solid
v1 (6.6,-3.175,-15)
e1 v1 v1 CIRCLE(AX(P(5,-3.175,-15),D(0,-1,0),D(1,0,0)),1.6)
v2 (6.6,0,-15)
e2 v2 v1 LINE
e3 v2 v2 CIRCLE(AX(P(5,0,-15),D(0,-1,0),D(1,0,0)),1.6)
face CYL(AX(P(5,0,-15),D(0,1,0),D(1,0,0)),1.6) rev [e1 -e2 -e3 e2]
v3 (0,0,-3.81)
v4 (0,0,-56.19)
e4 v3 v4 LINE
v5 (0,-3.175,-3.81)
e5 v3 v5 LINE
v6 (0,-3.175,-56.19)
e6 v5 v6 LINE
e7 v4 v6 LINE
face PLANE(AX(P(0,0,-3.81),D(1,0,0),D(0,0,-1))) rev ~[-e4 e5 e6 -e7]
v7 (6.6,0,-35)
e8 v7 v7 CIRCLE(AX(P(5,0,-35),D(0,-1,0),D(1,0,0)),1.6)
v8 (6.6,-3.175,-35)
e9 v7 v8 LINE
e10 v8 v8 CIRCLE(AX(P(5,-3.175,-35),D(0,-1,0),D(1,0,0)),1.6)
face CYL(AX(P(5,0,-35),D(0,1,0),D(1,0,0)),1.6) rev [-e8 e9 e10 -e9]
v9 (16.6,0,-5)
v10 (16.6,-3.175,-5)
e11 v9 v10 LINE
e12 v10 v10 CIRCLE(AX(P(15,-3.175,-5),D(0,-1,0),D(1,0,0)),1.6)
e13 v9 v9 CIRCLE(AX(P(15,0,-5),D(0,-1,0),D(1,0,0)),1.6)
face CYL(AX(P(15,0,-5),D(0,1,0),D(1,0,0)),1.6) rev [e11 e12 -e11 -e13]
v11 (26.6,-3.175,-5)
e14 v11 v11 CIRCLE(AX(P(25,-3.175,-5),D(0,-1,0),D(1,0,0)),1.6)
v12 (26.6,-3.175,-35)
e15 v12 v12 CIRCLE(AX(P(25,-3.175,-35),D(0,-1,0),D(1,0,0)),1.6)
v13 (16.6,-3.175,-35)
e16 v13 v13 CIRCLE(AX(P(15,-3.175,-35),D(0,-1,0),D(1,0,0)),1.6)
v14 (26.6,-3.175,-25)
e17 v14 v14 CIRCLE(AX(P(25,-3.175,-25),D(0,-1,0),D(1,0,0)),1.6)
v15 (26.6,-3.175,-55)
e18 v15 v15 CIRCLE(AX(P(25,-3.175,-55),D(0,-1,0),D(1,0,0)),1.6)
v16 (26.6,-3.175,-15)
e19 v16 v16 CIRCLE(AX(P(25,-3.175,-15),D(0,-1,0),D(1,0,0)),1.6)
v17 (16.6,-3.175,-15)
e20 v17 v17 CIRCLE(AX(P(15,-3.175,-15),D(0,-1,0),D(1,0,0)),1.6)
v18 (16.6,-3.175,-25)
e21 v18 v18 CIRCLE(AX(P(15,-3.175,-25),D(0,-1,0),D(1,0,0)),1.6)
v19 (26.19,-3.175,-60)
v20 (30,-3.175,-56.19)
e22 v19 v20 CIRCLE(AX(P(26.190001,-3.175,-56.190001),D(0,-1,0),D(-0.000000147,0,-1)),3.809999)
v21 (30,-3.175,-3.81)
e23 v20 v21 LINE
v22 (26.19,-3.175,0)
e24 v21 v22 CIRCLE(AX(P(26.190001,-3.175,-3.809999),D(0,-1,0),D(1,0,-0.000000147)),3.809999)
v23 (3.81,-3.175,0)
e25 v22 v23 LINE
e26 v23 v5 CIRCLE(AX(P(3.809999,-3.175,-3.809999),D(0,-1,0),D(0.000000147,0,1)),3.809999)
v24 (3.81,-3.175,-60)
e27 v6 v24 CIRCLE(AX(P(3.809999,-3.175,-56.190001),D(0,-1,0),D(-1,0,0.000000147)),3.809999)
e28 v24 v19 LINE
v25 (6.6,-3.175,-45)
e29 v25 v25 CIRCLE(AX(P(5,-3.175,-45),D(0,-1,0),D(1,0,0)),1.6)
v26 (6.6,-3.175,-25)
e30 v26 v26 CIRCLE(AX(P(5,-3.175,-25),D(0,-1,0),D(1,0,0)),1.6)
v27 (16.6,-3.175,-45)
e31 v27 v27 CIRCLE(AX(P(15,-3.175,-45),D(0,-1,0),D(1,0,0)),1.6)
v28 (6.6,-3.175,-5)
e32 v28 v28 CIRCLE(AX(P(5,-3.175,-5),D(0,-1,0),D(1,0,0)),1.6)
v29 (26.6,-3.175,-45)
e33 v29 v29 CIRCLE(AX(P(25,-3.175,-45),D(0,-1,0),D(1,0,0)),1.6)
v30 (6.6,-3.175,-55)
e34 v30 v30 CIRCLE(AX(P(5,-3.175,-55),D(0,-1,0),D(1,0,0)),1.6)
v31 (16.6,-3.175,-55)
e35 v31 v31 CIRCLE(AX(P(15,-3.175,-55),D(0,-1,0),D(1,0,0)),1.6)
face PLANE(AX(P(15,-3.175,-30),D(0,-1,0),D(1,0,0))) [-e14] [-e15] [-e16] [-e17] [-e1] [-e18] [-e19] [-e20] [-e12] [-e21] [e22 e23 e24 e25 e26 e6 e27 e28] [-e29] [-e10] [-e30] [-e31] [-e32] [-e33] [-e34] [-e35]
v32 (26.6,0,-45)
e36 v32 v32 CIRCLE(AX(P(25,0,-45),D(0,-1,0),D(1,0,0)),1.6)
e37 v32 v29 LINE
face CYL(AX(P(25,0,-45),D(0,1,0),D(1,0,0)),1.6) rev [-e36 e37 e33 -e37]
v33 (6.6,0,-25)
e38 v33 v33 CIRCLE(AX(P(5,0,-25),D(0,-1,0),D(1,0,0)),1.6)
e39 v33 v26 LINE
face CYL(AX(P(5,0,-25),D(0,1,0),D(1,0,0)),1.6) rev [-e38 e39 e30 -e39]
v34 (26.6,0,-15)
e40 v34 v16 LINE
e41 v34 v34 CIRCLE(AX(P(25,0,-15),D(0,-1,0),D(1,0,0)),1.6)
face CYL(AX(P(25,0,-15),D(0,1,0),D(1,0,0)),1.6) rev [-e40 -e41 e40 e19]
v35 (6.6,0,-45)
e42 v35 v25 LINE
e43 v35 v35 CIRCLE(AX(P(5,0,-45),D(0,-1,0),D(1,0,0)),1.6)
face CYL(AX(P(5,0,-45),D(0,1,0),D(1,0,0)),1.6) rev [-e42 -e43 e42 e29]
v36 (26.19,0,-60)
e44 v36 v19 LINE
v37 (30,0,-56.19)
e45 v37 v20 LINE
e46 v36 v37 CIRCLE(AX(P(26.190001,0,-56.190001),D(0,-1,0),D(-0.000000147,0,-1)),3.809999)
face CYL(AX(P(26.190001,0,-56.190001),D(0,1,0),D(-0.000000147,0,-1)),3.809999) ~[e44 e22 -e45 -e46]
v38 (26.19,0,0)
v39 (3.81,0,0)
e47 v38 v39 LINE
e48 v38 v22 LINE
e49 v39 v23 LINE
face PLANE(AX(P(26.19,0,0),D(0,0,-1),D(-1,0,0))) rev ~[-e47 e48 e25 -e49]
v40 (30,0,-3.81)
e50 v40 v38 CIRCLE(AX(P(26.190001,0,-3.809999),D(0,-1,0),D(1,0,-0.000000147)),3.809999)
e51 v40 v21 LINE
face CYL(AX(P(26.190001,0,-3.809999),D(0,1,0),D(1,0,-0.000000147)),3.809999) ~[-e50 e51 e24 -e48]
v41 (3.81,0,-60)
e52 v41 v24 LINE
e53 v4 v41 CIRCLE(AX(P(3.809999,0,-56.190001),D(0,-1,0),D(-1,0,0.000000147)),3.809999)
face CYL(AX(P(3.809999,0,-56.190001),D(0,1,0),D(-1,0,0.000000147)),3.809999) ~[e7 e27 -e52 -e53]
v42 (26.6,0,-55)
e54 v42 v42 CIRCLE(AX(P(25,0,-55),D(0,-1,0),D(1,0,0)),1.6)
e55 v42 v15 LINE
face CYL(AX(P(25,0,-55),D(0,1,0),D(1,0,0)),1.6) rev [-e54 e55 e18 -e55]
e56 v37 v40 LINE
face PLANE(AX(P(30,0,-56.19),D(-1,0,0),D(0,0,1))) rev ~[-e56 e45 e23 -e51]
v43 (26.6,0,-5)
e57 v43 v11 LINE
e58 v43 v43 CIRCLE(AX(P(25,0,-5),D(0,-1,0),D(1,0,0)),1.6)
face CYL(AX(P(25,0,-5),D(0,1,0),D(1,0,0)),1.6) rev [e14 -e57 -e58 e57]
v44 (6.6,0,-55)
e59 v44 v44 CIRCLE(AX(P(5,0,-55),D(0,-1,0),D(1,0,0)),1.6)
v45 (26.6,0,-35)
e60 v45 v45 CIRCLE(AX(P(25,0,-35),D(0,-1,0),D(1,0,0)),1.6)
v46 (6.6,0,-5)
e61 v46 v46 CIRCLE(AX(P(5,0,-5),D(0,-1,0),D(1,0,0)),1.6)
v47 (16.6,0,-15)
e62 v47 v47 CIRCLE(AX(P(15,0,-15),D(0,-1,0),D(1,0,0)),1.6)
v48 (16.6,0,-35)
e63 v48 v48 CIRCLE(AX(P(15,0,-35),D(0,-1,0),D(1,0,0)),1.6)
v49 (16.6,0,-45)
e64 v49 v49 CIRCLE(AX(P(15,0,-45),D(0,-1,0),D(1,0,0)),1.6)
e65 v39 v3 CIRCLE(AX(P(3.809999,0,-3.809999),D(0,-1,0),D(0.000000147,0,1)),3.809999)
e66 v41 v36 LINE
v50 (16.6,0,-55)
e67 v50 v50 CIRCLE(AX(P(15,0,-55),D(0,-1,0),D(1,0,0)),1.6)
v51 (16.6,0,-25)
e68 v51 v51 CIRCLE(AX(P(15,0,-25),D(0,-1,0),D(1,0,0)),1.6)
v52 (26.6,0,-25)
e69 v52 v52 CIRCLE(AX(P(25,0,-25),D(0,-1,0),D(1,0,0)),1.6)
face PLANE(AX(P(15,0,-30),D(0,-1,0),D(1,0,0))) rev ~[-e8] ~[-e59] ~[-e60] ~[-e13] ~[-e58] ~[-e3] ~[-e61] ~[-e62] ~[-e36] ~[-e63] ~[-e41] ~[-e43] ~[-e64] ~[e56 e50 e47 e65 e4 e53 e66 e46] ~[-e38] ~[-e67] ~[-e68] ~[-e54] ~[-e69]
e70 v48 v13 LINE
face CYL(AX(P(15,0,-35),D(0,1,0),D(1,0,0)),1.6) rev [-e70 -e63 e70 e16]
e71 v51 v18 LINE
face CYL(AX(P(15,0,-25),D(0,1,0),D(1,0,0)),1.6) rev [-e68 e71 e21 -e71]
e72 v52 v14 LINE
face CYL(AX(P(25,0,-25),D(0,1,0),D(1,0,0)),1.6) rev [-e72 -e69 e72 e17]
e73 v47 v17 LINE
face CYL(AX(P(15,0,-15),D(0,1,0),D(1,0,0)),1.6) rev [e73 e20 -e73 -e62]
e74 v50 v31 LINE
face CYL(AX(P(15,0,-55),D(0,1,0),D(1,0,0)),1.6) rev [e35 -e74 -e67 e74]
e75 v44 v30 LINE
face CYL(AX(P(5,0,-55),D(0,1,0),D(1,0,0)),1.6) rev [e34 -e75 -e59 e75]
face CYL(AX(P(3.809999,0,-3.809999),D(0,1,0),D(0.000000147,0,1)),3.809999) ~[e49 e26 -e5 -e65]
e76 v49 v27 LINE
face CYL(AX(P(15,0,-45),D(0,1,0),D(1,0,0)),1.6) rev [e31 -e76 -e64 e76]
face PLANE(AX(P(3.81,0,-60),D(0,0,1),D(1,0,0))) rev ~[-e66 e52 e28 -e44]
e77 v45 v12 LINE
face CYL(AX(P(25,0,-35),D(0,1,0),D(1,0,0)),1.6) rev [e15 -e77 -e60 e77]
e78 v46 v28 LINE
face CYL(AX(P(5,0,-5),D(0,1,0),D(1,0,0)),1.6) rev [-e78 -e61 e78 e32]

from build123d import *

# Parameters (mm, degrees)
F0_R     = 1.6
F1_DEPTH = 3.175


with BuildPart() as f1:
    # F0 (on Front) → F1 (new body)
    with BuildSketch(Plane.XZ):
        with BuildLine():
            Line((26.19, 0), (3.81, 0))
            ThreePointArc((3.81, 0), (1.115923, -1.115923), (0, -3.81))
            Line((0, -3.81), (0, -56.19))
            ThreePointArc((0, -56.19), (1.115923, -58.884077), (3.81, -60))
            Line((3.81, -60), (26.19, -60))
            ThreePointArc((26.19, -60), (28.884077, -58.884077), (30, -56.19))
            Line((30, -56.19), (30, -3.81))
            ThreePointArc((30, -3.81), (28.884077, -1.115923), (26.19, 0))
        make_face()
        with Locations((5, -55)):
            Circle(F0_R, mode=Mode.SUBTRACT)
        with Locations((5, -45)):
            Circle(F0_R, mode=Mode.SUBTRACT)
        with Locations((5, -35)):
            Circle(F0_R, mode=Mode.SUBTRACT)
        with Locations((15, -55)):
            Circle(F0_R, mode=Mode.SUBTRACT)
        with Locations((25, -55)):
            Circle(F0_R, mode=Mode.SUBTRACT)
        with Locations((15, -45)):
            Circle(F0_R, mode=Mode.SUBTRACT)
        with Locations((15, -35)):
            Circle(F0_R, mode=Mode.SUBTRACT)
        with Locations((25, -45)):
            Circle(F0_R, mode=Mode.SUBTRACT)
        with Locations((25, -35)):
            Circle(F0_R, mode=Mode.SUBTRACT)
        with Locations((5, -25)):
            Circle(F0_R, mode=Mode.SUBTRACT)
        with Locations((5, -15)):
            Circle(F0_R, mode=Mode.SUBTRACT)
        with Locations((5, -5)):
            Circle(F0_R, mode=Mode.SUBTRACT)
        with Locations((15, -25)):
            Circle(F0_R, mode=Mode.SUBTRACT)
        with Locations((25, -25)):
            Circle(F0_R, mode=Mode.SUBTRACT)
        with Locations((15, -15)):
            Circle(F0_R, mode=Mode.SUBTRACT)
        with Locations((15, -5)):
            Circle(F0_R, mode=Mode.SUBTRACT)
        with Locations((25, -15)):
            Circle(F0_R, mode=Mode.SUBTRACT)
        with Locations((25, -5)):
            Circle(F0_R, mode=Mode.SUBTRACT)
    extrude(amount=F1_DEPTH)


solid = f1.part
